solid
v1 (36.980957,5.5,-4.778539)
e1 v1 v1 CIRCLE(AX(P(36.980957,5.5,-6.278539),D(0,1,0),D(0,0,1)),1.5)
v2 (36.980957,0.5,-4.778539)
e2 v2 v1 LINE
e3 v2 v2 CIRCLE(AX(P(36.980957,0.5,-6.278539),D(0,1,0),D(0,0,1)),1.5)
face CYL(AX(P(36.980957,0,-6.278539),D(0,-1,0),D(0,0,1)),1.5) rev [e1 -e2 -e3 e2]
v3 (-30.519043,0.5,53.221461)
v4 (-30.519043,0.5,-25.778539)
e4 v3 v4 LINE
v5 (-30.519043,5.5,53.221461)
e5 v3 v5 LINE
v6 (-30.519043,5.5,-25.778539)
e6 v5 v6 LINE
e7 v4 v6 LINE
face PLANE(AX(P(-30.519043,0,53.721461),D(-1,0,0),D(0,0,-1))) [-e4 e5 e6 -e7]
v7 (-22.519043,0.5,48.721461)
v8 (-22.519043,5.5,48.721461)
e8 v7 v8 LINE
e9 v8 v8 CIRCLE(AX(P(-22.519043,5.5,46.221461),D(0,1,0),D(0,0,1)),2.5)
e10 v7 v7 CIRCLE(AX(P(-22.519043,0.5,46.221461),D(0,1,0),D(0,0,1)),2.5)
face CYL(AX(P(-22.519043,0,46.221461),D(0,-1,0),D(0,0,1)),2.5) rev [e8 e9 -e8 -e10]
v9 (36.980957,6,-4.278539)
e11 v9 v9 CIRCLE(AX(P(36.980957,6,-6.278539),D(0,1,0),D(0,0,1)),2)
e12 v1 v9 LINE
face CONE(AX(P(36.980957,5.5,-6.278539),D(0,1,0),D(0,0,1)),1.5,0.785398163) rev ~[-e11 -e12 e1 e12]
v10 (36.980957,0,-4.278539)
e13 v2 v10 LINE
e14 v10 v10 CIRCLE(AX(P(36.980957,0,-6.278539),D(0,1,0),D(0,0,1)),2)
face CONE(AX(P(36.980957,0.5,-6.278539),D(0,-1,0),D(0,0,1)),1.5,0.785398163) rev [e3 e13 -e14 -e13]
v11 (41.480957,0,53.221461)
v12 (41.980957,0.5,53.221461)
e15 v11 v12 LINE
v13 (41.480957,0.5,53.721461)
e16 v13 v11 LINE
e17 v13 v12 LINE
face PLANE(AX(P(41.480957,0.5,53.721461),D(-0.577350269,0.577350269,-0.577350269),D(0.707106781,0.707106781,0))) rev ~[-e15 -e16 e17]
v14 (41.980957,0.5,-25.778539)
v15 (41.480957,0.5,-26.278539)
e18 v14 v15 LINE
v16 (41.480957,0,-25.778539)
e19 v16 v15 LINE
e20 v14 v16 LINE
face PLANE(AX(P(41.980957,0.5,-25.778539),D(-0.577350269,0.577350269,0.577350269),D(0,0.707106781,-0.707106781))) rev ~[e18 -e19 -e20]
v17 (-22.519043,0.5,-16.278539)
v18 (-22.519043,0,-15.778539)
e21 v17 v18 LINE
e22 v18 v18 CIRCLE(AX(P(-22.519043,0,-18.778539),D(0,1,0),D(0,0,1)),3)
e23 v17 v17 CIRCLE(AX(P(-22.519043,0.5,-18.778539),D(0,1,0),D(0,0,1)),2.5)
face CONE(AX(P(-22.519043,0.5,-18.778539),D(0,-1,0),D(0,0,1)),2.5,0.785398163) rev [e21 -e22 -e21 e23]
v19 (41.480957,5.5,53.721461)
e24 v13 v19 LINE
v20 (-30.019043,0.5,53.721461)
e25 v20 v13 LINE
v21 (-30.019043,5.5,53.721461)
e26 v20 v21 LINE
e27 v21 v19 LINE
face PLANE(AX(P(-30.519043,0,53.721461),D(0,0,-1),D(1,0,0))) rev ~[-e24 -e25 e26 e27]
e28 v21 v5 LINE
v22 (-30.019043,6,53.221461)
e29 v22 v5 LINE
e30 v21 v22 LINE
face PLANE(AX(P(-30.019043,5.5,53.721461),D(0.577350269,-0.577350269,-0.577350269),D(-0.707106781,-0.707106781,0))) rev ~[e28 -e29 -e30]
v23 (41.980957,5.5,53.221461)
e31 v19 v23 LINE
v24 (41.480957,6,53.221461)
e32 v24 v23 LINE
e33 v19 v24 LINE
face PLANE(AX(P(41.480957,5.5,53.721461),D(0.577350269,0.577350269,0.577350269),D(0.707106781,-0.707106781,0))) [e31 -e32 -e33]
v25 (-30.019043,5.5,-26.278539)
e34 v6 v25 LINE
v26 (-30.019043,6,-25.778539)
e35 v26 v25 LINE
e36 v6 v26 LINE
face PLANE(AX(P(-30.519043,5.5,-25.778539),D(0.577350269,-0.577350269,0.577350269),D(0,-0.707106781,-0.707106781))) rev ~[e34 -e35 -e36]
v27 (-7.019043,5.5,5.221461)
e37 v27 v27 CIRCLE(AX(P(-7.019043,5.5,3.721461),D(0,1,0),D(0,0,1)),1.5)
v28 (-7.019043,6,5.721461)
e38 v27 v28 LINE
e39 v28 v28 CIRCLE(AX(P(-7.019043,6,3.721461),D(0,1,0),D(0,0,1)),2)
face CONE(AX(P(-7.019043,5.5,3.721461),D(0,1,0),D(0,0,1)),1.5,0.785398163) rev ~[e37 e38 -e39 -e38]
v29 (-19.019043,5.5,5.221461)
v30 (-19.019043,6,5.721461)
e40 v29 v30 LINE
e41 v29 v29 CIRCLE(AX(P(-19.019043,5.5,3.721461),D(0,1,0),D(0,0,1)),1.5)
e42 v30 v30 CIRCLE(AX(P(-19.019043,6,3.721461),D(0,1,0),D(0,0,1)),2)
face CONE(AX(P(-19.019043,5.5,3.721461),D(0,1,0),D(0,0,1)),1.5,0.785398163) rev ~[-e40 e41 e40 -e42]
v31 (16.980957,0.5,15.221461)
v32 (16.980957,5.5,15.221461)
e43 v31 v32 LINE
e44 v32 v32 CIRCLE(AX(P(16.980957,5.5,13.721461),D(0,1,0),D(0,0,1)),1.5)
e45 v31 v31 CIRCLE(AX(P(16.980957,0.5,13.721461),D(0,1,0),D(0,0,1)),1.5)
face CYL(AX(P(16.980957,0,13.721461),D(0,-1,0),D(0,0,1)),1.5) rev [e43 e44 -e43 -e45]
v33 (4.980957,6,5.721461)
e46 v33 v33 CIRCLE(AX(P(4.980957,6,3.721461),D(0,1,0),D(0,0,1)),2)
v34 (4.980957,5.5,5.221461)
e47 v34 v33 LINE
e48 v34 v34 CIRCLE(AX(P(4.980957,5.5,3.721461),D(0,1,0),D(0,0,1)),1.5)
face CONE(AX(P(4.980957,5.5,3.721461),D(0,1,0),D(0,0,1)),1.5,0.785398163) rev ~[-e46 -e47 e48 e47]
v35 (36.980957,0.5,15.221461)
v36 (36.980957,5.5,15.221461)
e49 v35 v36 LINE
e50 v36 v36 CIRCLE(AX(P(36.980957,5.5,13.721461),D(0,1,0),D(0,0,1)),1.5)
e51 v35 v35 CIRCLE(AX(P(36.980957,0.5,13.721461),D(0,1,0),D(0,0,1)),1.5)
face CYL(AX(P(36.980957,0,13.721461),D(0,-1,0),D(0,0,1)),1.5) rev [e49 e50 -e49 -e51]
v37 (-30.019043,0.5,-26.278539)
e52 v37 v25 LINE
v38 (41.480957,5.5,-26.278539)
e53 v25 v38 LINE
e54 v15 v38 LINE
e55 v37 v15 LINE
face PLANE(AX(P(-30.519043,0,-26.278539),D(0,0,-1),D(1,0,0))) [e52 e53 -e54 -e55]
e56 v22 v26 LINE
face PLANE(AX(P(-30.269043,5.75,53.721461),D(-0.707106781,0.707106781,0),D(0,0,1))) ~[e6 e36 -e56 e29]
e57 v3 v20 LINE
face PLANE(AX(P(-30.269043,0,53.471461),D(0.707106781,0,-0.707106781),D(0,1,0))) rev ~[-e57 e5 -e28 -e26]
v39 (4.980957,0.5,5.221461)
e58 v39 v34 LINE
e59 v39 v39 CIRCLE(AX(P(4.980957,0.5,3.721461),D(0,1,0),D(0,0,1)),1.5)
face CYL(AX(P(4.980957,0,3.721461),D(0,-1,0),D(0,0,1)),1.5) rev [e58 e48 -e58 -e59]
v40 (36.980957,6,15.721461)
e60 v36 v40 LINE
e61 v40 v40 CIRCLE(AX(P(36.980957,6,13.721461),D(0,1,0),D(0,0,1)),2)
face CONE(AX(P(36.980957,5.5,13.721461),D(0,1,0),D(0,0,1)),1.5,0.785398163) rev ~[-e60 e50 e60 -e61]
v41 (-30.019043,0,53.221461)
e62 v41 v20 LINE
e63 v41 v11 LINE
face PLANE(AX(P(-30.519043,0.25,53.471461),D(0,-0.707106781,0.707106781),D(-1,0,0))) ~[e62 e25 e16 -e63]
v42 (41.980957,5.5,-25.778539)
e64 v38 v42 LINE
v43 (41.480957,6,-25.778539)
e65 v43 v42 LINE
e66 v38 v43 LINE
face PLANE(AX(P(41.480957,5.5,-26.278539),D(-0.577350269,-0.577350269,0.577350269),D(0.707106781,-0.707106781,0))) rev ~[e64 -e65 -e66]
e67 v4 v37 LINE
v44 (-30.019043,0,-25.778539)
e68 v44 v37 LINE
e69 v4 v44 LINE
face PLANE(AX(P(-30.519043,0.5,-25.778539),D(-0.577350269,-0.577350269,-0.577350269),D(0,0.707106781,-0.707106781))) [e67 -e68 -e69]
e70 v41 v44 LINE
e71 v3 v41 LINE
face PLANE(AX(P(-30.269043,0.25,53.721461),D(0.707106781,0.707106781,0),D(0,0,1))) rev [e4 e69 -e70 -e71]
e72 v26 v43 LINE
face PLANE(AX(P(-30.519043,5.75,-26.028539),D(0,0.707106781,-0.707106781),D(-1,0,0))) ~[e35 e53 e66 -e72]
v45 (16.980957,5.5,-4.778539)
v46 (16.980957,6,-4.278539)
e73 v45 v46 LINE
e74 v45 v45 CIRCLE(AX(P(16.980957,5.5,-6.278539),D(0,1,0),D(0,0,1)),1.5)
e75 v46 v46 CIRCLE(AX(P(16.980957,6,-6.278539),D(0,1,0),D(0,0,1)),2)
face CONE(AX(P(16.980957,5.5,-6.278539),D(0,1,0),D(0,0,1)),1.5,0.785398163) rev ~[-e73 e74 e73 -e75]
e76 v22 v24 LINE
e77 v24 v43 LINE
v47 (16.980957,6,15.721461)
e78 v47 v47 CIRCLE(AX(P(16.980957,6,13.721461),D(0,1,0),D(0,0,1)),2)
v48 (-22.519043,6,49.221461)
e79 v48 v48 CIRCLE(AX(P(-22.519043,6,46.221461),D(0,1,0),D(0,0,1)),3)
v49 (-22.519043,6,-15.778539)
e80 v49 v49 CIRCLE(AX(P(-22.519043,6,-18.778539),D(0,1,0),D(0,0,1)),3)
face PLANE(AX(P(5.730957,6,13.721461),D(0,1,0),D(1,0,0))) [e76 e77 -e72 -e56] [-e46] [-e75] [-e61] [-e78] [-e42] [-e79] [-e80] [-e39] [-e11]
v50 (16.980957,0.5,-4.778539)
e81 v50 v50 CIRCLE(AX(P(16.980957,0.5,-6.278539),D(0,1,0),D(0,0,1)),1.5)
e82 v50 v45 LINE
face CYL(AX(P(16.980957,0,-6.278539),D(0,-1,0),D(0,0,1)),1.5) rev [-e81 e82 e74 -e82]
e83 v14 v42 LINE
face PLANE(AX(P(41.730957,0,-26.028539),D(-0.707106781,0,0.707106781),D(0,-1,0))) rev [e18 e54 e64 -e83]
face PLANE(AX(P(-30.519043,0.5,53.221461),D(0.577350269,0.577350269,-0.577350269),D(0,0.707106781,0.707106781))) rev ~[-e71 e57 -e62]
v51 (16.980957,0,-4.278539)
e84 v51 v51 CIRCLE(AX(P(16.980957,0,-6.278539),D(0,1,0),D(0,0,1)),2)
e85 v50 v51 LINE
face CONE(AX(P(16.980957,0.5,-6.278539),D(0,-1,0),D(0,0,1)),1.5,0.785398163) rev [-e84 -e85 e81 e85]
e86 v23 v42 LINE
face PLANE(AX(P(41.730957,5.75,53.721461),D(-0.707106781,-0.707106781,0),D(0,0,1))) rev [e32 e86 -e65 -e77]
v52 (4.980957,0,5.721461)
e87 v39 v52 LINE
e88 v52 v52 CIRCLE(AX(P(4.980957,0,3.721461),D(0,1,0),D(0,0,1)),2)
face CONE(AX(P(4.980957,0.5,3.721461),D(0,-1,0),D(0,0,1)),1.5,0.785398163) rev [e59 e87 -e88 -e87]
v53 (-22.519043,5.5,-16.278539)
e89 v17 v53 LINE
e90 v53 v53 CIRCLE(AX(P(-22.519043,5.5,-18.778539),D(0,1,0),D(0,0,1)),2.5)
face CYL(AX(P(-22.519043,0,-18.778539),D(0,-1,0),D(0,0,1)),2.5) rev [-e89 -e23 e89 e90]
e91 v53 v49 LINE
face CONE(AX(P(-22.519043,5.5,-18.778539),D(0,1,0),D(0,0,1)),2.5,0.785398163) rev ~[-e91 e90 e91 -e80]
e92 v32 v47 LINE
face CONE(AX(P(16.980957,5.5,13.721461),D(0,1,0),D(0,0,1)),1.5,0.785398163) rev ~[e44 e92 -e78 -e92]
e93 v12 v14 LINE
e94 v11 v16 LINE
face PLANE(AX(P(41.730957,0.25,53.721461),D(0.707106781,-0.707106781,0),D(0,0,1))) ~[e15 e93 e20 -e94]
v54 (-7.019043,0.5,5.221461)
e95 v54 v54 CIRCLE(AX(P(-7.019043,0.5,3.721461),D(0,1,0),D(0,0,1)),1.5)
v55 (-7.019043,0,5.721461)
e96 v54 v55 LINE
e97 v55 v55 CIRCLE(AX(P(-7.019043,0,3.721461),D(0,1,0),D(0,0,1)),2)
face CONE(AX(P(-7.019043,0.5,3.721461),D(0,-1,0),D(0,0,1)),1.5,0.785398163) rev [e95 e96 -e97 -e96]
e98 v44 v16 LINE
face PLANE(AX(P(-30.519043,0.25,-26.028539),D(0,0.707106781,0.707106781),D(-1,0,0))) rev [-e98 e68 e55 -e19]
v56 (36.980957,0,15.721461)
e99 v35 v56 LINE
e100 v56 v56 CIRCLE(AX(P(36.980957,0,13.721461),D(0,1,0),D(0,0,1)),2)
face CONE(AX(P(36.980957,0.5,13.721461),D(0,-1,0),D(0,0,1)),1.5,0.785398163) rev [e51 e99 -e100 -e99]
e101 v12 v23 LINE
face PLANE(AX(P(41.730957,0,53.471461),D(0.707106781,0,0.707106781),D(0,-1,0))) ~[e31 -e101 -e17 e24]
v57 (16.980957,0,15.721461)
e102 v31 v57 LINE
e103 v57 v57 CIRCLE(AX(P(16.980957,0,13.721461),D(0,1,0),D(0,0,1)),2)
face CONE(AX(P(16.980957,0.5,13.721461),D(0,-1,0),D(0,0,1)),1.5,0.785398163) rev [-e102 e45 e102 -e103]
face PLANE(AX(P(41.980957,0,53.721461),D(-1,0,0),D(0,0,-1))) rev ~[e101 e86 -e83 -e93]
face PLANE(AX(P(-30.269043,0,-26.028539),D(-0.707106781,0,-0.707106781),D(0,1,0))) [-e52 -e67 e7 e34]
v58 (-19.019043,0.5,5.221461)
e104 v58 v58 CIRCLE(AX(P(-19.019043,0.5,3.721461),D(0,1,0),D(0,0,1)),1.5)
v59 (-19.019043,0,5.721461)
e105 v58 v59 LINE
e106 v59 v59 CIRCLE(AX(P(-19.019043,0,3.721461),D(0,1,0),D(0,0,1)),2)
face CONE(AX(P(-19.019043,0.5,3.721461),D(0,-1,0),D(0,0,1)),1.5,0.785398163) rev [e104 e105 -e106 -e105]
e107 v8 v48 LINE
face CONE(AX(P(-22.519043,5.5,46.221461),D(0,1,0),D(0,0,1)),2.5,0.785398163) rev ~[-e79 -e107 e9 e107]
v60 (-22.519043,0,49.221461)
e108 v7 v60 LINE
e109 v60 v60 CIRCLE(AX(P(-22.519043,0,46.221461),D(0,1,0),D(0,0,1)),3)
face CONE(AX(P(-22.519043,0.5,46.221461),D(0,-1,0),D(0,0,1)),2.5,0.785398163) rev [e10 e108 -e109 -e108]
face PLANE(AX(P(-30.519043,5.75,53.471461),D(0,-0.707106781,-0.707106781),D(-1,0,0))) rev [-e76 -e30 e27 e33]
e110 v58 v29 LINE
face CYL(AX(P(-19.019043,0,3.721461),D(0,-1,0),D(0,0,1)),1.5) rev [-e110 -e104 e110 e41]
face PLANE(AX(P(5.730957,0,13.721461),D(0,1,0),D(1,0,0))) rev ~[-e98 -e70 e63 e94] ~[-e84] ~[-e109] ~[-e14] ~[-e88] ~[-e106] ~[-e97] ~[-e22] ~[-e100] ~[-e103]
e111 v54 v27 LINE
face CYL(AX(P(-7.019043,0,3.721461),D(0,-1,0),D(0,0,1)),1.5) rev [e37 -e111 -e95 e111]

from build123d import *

# Parameters (mm, degrees)
CROQUIS1_W              = 72.5
CROQUIS1_H              = 80
CROQUIS1_R              = 1.5
CROQUIS1_R_2            = 2.5
SALIENTE_EXTRUIR1_DEPTH = 6
CHAFL_N1_SIZE           = 0.5


with BuildPart() as part:
    # Croquis1 → Saliente-Extruir1 (new body)
    with BuildSketch(Plane(origin=(0, 0, 0), x_dir=(1, 0, 0), z_dir=(0, 1, 0))):
        with Locations((5.730956658, -13.721461187)):
            Rectangle(CROQUIS1_W, CROQUIS1_H)
        with Locations(Location((16.980956658, 6.278538813, 0), (0, 0, 270))):
            Circle(CROQUIS1_R, mode=Mode.SUBTRACT)
        with Locations(Location((36.980956658, 6.278538813, 0), (0, 0, 270))):
            Circle(CROQUIS1_R, mode=Mode.SUBTRACT)
        with Locations(Location((16.980956658, -13.721461187, 0), (0, 0, 270))):
            Circle(CROQUIS1_R, mode=Mode.SUBTRACT)
        with Locations(Location((36.980956658, -13.721461187, 0), (0, 0, 270))):
            Circle(CROQUIS1_R, mode=Mode.SUBTRACT)
        with Locations(Location((-7.019043342, -3.721461187, 0), (0, 0, 270))):
            Circle(CROQUIS1_R, mode=Mode.SUBTRACT)
        with Locations(Location((4.980956658, -3.721461187, 0), (0, 0, 270))):
            Circle(CROQUIS1_R, mode=Mode.SUBTRACT)
        with Locations(Location((-22.519043342, 18.778538813, 0), (0, 0, 270))):
            Circle(CROQUIS1_R_2, mode=Mode.SUBTRACT)
        with Locations(Location((-22.519043342, -46.221461187, 0), (0, 0, 270))):
            Circle(CROQUIS1_R_2, mode=Mode.SUBTRACT)
        with Locations(Location((-19.019043342, -3.721461187, 0), (0, 0, 270))):
            Circle(CROQUIS1_R, mode=Mode.SUBTRACT)
    extrude(amount=SALIENTE_EXTRUIR1_DEPTH)

    # Chaflán1
    chafl_n1_edges = [part.edges().sort_by_distance(p)[0] for p in [
        (41.980956658, 6, 13.721461187),
        (16.980956658, 0, -7.778538813),
        (16.980956658, 6, -7.778538813),
        (5.730956658, 6, -26.278538813),
        (36.980956658, 0, -7.778538813),
        (36.980956658, 6, -7.778538813),
        (16.980956658, 0, 12.221461187),
        (16.980956658, 6, 12.221461187),
        (36.980956658, 0, 12.221461187),
        (36.980956658, 6, 12.221461187),
        (-7.019043342, 0, 2.221461187),
        (-7.019043342, 6, 2.221461187),
        (4.980956658, 0, 2.221461187),
        (4.980956658, 6, 2.221461187),
        (-22.519043342, 0, -21.278538813),
        (-22.519043342, 6, -21.278538813),
        (-22.519043342, 0, 43.721461187),
        (-22.519043342, 6, 43.721461187),
        (-30.519043342, 6, 13.721461187),
        (-19.019043342, 0, 2.221461187),
        (-19.019043342, 6, 2.221461187),
        (5.730956658, 0, -26.278538813),
        (41.980956658, 0, 13.721461187),
        (5.730956658, 0, 53.721461187),
        (-30.519043342, 0, 13.721461187),
        (5.730956658, 6, 53.721461187),
        (-30.519043342, 3, -26.278538813),
        (41.980956658, 3, -26.278538813),
        (41.980956658, 3, 53.721461187),
        (-30.519043342, 3, 53.721461187),
    ]]
    chamfer(chafl_n1_edges, length=CHAFL_N1_SIZE)


solid = part.part
